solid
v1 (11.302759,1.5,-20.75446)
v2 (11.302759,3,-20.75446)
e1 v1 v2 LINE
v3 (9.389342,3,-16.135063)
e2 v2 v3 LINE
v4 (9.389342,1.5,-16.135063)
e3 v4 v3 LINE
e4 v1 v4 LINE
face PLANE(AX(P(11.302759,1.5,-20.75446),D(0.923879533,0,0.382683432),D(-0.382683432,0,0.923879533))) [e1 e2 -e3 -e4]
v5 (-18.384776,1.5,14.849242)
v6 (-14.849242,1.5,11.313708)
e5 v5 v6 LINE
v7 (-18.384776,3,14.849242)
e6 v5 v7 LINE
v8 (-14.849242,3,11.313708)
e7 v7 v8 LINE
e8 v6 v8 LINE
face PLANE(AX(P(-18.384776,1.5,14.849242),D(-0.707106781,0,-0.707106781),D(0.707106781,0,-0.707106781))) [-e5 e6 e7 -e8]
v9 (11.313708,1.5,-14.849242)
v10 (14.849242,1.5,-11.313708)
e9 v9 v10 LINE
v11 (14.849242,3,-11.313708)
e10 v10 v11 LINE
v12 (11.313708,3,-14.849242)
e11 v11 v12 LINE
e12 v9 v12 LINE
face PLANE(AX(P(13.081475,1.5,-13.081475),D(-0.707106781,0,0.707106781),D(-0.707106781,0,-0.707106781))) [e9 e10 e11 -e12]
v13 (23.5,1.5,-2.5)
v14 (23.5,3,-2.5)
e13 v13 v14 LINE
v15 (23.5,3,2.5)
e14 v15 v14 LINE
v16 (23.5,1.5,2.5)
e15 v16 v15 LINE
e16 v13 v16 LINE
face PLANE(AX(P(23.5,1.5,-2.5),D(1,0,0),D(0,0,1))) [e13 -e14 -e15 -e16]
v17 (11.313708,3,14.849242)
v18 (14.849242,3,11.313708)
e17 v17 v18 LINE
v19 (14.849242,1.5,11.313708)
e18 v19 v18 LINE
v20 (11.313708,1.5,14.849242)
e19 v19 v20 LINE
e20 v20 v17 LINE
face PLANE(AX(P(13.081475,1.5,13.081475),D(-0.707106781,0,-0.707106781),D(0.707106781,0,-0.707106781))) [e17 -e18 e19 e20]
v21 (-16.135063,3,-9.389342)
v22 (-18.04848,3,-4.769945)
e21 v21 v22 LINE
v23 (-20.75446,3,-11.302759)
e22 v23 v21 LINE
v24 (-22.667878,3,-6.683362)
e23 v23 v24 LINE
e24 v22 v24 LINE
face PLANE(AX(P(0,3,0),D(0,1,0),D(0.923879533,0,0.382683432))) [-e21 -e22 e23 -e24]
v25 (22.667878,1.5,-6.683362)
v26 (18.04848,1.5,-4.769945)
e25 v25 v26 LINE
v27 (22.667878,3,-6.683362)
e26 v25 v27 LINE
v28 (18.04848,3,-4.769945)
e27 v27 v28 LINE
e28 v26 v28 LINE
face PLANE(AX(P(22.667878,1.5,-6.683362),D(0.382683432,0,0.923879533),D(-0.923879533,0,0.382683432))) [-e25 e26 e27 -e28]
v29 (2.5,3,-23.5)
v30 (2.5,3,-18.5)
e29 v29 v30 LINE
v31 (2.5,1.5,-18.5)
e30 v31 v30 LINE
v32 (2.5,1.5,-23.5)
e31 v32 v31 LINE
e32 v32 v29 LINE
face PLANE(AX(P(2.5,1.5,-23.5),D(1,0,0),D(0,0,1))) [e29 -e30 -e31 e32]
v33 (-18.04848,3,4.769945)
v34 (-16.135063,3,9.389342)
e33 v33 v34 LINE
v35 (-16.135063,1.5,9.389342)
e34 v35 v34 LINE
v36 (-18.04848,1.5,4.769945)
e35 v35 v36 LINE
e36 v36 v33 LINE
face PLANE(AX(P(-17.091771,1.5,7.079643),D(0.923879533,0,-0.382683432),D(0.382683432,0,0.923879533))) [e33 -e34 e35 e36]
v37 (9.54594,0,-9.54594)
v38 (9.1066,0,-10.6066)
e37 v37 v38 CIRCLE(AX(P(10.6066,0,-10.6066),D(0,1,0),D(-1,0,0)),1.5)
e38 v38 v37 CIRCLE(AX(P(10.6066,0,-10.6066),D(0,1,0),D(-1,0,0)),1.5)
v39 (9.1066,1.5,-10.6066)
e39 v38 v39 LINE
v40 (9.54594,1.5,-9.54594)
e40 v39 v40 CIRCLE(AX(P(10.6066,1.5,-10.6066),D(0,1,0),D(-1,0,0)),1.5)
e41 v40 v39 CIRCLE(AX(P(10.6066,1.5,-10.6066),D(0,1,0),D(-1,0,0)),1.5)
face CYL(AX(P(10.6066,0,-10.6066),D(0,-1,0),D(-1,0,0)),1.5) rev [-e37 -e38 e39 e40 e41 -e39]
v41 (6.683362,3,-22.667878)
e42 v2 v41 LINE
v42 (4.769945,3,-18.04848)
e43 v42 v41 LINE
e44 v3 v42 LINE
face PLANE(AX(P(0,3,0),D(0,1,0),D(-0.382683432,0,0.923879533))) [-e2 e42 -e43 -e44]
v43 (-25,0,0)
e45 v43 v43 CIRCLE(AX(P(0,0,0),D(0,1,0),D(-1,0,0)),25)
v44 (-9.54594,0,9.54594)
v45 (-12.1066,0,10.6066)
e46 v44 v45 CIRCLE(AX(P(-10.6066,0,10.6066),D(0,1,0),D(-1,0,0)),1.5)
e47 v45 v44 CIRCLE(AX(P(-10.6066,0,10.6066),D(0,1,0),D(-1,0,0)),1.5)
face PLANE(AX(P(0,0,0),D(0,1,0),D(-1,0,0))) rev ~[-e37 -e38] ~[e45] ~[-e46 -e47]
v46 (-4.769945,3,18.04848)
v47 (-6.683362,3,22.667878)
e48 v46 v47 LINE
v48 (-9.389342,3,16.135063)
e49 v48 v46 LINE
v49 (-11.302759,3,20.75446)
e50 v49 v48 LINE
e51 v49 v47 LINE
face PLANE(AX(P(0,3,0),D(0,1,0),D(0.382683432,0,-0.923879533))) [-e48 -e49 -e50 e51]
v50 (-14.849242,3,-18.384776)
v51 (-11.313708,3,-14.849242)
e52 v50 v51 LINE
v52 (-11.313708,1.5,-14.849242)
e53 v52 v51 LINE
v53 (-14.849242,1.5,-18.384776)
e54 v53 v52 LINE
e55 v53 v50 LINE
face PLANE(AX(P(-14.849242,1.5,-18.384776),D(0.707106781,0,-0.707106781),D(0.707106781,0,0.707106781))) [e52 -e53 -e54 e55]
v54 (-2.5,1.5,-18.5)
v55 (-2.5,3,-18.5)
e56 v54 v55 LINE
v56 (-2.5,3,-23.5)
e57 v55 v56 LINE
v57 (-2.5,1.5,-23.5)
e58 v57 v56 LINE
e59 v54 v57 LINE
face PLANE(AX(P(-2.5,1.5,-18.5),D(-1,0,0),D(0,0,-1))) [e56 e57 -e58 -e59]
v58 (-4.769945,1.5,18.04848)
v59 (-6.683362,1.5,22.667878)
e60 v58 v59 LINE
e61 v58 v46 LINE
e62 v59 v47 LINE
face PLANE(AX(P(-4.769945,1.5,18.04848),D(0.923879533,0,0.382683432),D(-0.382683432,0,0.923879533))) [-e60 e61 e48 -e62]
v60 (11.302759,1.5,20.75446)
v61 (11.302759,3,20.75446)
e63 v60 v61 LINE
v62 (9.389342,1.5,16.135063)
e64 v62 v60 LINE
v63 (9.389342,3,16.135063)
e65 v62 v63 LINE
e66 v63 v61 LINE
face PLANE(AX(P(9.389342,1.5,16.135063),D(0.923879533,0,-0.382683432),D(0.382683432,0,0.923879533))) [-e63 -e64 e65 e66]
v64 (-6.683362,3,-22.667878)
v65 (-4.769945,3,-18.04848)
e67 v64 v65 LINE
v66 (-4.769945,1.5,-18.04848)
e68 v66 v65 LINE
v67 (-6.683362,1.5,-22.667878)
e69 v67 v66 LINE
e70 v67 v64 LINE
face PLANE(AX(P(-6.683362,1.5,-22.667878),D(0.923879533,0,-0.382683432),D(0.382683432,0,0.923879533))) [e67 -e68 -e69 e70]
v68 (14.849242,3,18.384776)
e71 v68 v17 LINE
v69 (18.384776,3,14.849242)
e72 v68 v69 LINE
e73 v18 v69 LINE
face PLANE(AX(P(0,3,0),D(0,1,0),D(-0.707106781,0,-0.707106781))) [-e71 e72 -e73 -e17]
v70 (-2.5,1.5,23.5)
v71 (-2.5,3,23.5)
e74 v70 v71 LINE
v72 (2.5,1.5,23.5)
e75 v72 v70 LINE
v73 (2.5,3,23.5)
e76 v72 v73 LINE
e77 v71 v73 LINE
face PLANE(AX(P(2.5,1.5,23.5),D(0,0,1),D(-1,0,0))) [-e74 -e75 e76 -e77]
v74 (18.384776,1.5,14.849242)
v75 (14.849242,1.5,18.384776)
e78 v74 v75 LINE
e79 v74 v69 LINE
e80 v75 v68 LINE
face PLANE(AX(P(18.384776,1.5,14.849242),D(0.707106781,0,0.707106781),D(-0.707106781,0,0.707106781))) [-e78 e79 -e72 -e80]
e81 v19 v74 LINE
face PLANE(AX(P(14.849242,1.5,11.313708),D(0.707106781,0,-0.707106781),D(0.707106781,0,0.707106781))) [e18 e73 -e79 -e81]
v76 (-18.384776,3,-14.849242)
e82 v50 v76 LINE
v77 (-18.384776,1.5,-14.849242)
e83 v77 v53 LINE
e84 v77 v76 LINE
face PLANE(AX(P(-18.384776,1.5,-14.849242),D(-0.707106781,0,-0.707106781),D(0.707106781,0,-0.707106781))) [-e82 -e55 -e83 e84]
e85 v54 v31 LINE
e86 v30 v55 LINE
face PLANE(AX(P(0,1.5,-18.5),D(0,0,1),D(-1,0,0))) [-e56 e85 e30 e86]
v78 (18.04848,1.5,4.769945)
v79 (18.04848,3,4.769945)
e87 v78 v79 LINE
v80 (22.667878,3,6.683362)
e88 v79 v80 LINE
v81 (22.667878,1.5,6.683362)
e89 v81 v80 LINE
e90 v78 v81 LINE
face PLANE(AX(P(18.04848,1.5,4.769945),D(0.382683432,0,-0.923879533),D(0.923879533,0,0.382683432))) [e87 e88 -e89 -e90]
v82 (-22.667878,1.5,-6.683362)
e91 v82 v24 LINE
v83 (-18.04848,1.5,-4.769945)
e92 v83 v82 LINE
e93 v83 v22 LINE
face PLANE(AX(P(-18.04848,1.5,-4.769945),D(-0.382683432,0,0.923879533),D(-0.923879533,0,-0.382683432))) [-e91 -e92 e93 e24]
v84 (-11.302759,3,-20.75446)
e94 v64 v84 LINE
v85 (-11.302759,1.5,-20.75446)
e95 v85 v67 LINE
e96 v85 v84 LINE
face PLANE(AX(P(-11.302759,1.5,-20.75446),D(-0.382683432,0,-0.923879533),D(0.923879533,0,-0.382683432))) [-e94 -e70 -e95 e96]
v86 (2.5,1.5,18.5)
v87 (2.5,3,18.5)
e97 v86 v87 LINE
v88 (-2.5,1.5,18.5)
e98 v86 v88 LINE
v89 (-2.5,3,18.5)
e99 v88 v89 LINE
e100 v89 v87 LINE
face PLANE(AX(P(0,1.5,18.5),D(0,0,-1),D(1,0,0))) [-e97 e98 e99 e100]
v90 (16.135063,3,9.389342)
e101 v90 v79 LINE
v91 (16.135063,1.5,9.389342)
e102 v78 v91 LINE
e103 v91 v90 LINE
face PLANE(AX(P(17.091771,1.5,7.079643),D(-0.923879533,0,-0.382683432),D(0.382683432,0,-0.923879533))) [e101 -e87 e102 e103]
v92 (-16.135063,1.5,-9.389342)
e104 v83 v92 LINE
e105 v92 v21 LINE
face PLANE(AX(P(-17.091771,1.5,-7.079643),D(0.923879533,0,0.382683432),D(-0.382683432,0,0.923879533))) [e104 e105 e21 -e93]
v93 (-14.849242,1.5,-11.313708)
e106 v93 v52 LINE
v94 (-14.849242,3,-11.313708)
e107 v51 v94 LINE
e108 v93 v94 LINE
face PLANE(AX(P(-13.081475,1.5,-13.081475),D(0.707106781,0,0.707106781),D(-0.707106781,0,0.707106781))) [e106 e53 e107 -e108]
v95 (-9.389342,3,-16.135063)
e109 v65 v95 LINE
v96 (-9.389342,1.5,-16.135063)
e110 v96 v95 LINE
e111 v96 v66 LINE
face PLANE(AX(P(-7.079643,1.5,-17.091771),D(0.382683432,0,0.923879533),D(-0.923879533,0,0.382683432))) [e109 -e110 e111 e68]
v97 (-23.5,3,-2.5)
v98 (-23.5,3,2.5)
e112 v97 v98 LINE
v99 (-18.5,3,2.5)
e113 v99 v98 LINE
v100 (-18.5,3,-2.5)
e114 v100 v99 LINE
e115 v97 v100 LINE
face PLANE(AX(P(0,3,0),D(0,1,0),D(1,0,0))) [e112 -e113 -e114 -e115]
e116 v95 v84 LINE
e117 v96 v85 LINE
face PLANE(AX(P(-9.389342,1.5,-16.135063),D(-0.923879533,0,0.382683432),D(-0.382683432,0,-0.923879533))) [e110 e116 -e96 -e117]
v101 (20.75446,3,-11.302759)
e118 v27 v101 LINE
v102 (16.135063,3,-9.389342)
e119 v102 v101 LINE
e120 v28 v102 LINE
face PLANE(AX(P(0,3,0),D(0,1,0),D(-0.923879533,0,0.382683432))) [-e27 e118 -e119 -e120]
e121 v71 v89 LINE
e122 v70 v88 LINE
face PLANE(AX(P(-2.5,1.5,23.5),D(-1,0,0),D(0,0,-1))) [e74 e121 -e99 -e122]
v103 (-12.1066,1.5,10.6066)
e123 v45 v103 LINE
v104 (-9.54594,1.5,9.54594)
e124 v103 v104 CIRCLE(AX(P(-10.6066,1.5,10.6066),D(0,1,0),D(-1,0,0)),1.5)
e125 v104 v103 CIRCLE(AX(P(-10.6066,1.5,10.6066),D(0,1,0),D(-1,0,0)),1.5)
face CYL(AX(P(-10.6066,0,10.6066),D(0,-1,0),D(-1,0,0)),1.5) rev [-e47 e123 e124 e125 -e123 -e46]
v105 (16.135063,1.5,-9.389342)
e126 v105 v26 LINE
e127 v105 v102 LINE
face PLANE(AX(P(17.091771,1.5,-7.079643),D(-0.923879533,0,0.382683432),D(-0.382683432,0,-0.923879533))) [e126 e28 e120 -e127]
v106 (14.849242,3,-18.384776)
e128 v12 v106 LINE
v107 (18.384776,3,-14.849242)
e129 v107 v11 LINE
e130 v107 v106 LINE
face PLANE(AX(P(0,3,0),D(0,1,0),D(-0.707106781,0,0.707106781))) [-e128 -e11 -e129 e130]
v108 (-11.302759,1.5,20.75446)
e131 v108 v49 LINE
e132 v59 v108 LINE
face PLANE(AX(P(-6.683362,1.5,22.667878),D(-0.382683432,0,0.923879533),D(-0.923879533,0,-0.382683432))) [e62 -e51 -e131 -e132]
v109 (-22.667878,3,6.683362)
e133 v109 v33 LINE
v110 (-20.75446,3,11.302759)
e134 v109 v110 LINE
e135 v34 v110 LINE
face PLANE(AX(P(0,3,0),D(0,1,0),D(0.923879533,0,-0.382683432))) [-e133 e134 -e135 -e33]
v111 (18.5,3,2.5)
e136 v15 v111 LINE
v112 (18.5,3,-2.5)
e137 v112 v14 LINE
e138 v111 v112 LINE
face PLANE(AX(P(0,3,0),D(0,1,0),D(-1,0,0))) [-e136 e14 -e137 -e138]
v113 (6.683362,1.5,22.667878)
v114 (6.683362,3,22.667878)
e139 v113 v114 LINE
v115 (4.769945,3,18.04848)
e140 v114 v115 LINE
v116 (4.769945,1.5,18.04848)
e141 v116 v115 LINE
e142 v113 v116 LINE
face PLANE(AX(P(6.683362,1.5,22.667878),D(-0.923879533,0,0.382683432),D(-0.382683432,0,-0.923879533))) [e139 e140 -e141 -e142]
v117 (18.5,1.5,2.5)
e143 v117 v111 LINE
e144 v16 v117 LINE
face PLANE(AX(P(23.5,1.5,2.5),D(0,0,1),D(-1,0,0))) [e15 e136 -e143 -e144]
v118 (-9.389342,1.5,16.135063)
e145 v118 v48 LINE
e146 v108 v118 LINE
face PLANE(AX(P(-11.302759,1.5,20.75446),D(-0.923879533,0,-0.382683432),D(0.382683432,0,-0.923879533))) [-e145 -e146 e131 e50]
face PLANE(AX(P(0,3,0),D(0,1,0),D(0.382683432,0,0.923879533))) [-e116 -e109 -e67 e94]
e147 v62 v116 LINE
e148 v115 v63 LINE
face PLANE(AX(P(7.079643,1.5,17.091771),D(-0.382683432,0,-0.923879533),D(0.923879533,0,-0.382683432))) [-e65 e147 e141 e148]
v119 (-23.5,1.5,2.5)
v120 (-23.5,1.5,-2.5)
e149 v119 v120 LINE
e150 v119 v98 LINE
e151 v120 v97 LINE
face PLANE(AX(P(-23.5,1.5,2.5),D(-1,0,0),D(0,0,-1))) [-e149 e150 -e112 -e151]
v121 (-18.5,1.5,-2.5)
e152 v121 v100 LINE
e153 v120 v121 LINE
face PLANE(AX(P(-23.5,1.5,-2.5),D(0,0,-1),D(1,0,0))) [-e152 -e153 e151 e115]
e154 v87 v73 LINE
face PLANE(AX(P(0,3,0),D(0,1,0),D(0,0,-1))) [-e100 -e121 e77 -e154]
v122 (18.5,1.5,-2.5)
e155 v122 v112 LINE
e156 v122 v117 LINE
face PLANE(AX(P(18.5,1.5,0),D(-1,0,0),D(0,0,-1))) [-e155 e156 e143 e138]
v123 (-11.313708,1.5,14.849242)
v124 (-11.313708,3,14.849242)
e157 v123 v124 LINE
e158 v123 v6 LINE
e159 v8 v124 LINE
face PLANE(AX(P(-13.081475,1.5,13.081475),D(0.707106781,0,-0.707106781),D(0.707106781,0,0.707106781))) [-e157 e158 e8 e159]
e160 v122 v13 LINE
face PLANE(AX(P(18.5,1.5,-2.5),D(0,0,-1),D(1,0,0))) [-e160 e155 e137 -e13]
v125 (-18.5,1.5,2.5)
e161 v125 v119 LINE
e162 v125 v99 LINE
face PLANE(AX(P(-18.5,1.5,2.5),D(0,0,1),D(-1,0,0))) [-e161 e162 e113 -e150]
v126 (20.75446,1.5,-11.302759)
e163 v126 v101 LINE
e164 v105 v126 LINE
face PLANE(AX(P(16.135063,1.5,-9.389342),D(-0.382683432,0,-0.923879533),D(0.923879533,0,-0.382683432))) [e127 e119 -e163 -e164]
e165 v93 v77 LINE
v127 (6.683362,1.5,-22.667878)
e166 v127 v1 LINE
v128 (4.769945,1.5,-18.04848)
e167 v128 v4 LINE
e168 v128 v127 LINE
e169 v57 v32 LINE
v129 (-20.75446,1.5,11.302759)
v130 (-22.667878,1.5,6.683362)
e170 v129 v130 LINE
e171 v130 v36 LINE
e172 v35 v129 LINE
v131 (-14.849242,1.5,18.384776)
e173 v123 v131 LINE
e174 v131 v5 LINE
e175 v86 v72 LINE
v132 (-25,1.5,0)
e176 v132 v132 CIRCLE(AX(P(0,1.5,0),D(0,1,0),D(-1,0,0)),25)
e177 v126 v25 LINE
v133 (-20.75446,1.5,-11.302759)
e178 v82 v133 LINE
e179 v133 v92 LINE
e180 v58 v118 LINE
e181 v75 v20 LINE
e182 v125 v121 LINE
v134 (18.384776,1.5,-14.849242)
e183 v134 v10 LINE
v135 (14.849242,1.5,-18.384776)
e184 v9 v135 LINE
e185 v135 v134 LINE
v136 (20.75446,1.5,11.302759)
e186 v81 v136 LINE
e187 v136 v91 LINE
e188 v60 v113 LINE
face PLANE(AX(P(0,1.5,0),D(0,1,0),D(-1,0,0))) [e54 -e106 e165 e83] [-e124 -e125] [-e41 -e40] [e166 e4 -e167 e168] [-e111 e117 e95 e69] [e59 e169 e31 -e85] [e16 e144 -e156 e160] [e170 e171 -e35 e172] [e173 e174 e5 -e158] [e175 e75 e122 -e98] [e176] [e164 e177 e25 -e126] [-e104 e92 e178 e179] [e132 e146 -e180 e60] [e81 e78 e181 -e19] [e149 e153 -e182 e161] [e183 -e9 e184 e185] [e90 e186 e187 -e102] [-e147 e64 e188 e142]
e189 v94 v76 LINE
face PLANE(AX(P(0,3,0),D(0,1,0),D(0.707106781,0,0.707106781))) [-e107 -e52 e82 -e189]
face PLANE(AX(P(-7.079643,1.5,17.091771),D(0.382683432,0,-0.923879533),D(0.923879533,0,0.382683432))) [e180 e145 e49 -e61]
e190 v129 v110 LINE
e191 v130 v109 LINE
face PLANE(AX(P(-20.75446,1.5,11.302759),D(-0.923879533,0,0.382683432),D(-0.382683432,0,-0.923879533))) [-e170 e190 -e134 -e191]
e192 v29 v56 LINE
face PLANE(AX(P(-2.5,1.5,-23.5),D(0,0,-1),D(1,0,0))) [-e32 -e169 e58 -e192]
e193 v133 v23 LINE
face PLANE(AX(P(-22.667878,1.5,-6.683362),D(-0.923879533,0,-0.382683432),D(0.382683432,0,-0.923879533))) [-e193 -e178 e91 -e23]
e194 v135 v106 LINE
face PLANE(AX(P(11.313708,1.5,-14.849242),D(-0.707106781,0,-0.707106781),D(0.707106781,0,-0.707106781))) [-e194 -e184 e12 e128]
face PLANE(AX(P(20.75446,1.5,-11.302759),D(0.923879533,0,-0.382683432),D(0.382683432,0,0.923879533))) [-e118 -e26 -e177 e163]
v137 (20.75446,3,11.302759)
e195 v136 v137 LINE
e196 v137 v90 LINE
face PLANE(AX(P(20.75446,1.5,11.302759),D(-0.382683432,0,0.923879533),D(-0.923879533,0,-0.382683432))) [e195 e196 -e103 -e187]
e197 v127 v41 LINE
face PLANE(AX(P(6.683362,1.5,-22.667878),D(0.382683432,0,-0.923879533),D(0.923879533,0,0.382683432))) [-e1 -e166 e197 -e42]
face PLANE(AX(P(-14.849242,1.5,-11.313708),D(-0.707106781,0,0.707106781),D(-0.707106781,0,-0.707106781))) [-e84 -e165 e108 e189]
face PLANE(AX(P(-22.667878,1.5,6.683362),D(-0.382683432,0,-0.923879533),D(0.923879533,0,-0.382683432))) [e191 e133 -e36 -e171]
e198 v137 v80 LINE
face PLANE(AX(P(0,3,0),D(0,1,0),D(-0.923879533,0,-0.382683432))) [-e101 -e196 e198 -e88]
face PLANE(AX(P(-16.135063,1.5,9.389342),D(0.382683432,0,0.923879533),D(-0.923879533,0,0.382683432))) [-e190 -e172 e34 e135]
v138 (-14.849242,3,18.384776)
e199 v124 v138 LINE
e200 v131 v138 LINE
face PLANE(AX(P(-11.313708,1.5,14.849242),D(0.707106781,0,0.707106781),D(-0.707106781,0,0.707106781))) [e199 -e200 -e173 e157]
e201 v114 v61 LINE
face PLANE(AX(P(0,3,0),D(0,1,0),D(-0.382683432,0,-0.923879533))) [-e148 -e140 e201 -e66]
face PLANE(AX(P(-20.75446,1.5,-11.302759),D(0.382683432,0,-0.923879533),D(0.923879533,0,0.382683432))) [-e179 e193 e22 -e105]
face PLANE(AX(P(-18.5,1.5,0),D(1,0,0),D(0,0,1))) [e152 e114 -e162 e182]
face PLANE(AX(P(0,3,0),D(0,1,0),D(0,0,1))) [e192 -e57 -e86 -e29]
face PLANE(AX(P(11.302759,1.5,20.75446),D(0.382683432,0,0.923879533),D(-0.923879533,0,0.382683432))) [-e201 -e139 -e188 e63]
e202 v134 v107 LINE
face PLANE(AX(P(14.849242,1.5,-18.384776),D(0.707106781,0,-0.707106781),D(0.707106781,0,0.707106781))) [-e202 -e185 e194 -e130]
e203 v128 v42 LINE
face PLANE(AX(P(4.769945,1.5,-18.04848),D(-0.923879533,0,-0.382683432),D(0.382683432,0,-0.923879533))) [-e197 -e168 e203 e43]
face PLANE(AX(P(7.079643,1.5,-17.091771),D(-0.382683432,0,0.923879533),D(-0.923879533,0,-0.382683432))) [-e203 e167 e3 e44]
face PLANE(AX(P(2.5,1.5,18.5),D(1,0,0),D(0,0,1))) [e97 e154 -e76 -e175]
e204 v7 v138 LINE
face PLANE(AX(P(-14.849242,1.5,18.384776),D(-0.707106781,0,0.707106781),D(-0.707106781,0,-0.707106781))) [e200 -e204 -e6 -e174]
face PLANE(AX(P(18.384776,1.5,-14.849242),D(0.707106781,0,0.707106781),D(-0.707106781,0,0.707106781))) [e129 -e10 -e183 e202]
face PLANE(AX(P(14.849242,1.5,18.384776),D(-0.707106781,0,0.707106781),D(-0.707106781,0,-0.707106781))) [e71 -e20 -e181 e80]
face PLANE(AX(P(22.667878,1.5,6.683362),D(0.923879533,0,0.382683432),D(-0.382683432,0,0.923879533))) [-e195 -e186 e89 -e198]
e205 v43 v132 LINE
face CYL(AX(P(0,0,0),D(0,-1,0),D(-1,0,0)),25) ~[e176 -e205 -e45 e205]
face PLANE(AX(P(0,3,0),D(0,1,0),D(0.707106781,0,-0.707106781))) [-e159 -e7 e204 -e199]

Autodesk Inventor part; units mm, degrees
ref_plane "YZ Plane" through (0, 0, 0) normal (1, 0, 0) x (0, 1, 0)
ref_plane "XZ Plane" through (0, 0, 0) normal (0, 1, 0) x (-1, 0, 0)
ref_plane "XY Plane" through (0, 0, 0) normal (0, 0, 1) x (1, 0, 0)
sketch "Sketch1" plane through (0, 0, 0) normal (0, 1, 0) x (-1, 0, 0)
  circle A0 centre (0, 0) radius 25
  line L0 (0, 0) -> (10.6066, 10.6066)
  line L1 (0, 0) -> (15, 0) construction
  circle A1 centre (10.6066, 10.6066) radius 1.5
  line L2 (0, 0) -> (-10.6066, -10.6066)
  line L3 (0, 0) -> (15, 0) construction
  circle A2 centre (-10.6066, -10.6066) radius 1.5
  dimension "d0" = 50
  dimension "d1" = 15
  dimension "d2" = 45
  dimension "d3" = 3
  dimension "d4" = 15
  dimension "d5" = 135
  dimension "d6" = 3
extrude "Extrusion1" add sketch "Sketch1" along normal blind 1.5
sketch "Sketch2" plane through (0, 1.5, 0) normal (0, 1, 0) x (1, 0, 0)
  line L0 (0, 0) -> (-23.5, 0)
  line L1 (0, 0) -> (23.5, 0) construction
  line L2 (-23.5, 0) -> (-23.5, 2.5)
  line L3 (-23.5, 2.5) -> (-18.5, 2.5)
  line L4 (-18.5, 2.5) -> (-18.5, -2.5)
  line L5 (-18.5, -2.5) -> (-23.5, -2.5)
  line L6 (-23.5, -2.5) -> (-23.5, 2.5)
  dimension "d9" = 23.5
  dimension "d10" = 180
  dimension "d11" = 2.5
  dimension "d12" = 90
  dimension "d13" = 5
  dimension "d14" = 5
extrude "Extrusion2" add sketch "Sketch2" along normal blind 1.5
pattern_circular "Circular Pattern1" count 16 over 360 about axis through (0, 0, 0) along (0, 1, 0) of "Extrusion2"
properties part number "WifiPixels"
